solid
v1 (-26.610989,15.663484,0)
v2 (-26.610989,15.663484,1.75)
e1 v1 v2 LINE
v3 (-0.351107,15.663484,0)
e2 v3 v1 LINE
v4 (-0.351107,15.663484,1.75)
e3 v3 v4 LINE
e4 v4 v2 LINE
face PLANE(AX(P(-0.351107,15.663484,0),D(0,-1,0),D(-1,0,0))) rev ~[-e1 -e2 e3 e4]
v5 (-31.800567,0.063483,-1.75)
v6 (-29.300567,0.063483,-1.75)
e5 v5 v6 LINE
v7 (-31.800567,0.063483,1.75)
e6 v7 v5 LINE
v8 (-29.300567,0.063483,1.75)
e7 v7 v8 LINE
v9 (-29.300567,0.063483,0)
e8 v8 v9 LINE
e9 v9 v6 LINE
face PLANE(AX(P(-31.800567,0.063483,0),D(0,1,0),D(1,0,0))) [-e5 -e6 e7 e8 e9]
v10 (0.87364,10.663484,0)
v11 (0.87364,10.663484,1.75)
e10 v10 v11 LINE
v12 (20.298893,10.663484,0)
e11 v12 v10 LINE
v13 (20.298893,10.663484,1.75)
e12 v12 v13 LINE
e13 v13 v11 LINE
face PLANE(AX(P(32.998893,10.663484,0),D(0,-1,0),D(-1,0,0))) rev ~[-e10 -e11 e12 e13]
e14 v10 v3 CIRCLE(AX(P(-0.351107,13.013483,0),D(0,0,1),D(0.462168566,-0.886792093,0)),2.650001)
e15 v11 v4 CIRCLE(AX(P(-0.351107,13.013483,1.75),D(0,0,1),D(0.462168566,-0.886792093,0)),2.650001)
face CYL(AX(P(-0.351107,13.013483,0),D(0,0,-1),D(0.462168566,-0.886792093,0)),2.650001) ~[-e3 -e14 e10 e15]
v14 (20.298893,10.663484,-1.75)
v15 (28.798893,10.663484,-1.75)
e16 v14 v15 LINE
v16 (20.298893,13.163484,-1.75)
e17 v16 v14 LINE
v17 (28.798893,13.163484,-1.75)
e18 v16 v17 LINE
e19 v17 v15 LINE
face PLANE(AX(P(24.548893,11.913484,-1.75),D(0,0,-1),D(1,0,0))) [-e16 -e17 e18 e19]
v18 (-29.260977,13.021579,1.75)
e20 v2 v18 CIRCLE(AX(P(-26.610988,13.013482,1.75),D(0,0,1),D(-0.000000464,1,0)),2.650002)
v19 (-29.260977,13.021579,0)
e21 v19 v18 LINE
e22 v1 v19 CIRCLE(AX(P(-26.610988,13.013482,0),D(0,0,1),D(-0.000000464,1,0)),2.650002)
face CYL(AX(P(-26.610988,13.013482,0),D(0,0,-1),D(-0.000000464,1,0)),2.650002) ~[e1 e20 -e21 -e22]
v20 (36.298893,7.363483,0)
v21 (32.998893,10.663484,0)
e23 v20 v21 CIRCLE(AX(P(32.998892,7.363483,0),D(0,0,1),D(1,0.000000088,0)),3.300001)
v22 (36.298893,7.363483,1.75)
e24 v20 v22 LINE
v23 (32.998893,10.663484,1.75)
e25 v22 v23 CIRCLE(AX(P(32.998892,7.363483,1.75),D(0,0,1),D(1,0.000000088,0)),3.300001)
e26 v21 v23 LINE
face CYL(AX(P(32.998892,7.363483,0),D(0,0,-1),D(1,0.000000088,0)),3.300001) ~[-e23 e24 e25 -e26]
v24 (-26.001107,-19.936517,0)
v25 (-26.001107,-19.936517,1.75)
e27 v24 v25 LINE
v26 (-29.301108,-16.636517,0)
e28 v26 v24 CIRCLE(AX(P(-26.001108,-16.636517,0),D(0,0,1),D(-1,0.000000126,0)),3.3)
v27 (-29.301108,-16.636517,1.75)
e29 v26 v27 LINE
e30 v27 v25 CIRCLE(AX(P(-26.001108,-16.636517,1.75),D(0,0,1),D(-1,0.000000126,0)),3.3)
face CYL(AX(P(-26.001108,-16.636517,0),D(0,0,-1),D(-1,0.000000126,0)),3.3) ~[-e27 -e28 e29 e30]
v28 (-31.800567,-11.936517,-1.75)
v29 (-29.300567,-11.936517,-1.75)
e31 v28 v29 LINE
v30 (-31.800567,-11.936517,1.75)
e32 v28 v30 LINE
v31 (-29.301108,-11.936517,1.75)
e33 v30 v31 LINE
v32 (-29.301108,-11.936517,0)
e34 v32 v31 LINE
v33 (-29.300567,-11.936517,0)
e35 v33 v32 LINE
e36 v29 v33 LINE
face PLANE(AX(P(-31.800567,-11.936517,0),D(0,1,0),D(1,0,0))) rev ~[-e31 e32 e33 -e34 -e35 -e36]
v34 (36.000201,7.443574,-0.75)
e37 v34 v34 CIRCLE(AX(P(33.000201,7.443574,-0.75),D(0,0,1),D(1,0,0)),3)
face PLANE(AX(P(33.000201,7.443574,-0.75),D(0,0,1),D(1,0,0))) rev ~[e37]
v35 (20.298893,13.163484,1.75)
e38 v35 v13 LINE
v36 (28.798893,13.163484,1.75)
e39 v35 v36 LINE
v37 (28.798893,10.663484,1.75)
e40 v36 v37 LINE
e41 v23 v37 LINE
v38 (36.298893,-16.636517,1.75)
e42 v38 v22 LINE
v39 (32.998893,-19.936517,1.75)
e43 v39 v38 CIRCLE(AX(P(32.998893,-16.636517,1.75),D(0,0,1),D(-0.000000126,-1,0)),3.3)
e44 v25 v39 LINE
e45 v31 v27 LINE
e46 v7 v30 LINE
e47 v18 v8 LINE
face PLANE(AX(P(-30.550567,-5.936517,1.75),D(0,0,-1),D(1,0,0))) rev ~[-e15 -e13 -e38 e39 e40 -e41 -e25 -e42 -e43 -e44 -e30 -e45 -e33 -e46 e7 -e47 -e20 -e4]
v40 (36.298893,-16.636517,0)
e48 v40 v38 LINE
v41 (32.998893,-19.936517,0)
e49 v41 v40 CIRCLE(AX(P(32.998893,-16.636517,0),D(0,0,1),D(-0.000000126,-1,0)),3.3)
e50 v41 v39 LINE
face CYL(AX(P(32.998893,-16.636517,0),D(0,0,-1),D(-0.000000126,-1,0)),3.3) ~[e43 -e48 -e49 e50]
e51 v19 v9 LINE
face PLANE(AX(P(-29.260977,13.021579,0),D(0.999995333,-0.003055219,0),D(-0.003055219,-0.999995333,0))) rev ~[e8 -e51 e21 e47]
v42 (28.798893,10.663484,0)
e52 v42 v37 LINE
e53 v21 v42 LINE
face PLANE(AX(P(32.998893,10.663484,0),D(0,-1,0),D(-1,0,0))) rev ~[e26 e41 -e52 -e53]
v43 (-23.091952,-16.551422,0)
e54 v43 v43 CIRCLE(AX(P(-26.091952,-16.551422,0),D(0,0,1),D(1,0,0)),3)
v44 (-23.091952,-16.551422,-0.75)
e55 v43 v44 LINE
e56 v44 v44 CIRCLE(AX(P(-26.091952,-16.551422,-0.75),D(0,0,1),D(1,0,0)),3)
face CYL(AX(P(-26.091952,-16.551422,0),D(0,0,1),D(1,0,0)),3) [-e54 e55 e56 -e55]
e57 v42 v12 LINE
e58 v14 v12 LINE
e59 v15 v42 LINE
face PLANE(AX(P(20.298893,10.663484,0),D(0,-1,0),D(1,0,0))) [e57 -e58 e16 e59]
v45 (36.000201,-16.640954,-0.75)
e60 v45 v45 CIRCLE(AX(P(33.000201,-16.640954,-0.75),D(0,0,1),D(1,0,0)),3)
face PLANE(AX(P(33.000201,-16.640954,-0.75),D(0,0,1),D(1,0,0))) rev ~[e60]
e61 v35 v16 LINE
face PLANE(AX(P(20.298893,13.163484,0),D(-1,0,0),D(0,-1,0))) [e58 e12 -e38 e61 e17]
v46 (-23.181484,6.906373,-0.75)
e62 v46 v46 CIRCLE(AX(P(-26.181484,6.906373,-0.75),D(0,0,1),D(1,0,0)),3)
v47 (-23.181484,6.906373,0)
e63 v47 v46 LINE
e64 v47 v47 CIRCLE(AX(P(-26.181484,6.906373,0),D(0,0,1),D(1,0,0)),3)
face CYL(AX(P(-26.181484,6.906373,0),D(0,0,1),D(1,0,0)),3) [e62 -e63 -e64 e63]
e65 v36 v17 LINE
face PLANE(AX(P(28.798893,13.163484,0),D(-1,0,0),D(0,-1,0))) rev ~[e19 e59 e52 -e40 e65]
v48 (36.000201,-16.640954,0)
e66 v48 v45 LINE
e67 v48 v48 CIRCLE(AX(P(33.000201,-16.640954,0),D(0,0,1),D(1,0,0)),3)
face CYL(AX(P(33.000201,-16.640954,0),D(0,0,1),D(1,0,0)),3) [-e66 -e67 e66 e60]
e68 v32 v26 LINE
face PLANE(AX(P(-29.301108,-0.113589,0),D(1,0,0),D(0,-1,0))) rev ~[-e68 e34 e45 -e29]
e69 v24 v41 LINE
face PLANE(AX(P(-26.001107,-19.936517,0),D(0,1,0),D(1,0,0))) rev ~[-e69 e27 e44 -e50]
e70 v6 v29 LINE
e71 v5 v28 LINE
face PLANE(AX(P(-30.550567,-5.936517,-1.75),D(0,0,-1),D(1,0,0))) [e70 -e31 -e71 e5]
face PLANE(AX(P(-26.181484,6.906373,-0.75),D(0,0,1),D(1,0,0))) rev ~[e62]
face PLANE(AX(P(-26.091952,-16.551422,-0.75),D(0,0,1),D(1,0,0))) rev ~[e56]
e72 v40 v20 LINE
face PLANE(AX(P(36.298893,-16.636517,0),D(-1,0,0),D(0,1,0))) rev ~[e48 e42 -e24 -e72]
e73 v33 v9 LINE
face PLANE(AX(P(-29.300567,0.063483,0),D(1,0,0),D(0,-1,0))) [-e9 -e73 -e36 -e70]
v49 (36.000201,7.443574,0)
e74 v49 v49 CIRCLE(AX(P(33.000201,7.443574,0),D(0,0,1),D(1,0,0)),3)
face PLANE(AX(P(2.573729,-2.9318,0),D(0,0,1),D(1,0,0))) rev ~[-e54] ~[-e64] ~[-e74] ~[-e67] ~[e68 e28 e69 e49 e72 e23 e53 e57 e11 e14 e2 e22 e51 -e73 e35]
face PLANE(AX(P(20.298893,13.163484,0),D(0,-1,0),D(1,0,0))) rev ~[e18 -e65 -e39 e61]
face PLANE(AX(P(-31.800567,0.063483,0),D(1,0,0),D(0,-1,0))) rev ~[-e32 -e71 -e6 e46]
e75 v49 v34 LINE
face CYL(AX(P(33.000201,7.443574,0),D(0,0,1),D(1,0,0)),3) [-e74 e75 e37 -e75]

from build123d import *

# Parameters (mm, degrees)
F1_DEPTH = 1.75
F2_W     = 8.5
F2_H     = 2.5
F2_W_2   = 2.5
F2_H_2   = 12
F3_DEPTH = 1.75
F4_R     = 3
F5_DEPTH = 0.75


with BuildPart() as f1:
    # F0 (on Top) → F1 (new body)
    with BuildSketch(Plane.XY):
        with BuildLine():
            Line((-29.301108, -0.113589), (-29.301108, -16.636517))
            ThreePointArc((-29.301108, -16.636517), (-28.33456, -18.96997), (-26.001107, -19.936517))
            Line((-26.001107, -19.936517), (32.998893, -19.936517))
            ThreePointArc((32.998893, -19.936517), (35.332345, -18.96997), (36.298893, -16.636517))
            Line((36.298893, -16.636517), (36.298893, 7.363483))
            ThreePointArc((36.298893, 7.363483), (35.332345, 9.696936), (32.998893, 10.663484))
            Line((32.998893, 10.663484), (0.87364, 10.663484))
            ThreePointArc((0.87364, 10.663484), (2.222801, 13.64396), (-0.351107, 15.663484))
            Line((-0.351107, 15.663484), (-26.610989, 15.663484))
            ThreePointArc((-26.610989, 15.663484), (-28.481957, 14.890177), (-29.260977, 13.021579))
            Line((-29.260977, 13.021579), (-29.301108, -0.113589))
        make_face()
    extrude(amount=F1_DEPTH)

    # F2 (on face) → F3 (join, symmetric)
    with BuildSketch(Plane(origin=(0, 0, 0), x_dir=(1, 0, 0), z_dir=(0, 0, -1))):
        with Locations((24.548893, -11.913484)):
            Rectangle(F2_W, F2_H)
        with Locations((-30.550567, 5.936517)):
            Rectangle(F2_W_2, F2_H_2)
    extrude(amount=F3_DEPTH, both=True)

    # F4 (on face) → F5 (join)
    with BuildSketch(Plane.XY):
        with Locations((33.000201, -16.640954)):
            Circle(F4_R)
        with Locations((33.000201, 7.443574)):
            Circle(F4_R)
        with Locations((-26.091952, -16.551422)):
            Circle(F4_R)
        with Locations((-26.181484, 6.906373)):
            Circle(F4_R)
    extrude(amount=-F5_DEPTH)


solid = f1.part
